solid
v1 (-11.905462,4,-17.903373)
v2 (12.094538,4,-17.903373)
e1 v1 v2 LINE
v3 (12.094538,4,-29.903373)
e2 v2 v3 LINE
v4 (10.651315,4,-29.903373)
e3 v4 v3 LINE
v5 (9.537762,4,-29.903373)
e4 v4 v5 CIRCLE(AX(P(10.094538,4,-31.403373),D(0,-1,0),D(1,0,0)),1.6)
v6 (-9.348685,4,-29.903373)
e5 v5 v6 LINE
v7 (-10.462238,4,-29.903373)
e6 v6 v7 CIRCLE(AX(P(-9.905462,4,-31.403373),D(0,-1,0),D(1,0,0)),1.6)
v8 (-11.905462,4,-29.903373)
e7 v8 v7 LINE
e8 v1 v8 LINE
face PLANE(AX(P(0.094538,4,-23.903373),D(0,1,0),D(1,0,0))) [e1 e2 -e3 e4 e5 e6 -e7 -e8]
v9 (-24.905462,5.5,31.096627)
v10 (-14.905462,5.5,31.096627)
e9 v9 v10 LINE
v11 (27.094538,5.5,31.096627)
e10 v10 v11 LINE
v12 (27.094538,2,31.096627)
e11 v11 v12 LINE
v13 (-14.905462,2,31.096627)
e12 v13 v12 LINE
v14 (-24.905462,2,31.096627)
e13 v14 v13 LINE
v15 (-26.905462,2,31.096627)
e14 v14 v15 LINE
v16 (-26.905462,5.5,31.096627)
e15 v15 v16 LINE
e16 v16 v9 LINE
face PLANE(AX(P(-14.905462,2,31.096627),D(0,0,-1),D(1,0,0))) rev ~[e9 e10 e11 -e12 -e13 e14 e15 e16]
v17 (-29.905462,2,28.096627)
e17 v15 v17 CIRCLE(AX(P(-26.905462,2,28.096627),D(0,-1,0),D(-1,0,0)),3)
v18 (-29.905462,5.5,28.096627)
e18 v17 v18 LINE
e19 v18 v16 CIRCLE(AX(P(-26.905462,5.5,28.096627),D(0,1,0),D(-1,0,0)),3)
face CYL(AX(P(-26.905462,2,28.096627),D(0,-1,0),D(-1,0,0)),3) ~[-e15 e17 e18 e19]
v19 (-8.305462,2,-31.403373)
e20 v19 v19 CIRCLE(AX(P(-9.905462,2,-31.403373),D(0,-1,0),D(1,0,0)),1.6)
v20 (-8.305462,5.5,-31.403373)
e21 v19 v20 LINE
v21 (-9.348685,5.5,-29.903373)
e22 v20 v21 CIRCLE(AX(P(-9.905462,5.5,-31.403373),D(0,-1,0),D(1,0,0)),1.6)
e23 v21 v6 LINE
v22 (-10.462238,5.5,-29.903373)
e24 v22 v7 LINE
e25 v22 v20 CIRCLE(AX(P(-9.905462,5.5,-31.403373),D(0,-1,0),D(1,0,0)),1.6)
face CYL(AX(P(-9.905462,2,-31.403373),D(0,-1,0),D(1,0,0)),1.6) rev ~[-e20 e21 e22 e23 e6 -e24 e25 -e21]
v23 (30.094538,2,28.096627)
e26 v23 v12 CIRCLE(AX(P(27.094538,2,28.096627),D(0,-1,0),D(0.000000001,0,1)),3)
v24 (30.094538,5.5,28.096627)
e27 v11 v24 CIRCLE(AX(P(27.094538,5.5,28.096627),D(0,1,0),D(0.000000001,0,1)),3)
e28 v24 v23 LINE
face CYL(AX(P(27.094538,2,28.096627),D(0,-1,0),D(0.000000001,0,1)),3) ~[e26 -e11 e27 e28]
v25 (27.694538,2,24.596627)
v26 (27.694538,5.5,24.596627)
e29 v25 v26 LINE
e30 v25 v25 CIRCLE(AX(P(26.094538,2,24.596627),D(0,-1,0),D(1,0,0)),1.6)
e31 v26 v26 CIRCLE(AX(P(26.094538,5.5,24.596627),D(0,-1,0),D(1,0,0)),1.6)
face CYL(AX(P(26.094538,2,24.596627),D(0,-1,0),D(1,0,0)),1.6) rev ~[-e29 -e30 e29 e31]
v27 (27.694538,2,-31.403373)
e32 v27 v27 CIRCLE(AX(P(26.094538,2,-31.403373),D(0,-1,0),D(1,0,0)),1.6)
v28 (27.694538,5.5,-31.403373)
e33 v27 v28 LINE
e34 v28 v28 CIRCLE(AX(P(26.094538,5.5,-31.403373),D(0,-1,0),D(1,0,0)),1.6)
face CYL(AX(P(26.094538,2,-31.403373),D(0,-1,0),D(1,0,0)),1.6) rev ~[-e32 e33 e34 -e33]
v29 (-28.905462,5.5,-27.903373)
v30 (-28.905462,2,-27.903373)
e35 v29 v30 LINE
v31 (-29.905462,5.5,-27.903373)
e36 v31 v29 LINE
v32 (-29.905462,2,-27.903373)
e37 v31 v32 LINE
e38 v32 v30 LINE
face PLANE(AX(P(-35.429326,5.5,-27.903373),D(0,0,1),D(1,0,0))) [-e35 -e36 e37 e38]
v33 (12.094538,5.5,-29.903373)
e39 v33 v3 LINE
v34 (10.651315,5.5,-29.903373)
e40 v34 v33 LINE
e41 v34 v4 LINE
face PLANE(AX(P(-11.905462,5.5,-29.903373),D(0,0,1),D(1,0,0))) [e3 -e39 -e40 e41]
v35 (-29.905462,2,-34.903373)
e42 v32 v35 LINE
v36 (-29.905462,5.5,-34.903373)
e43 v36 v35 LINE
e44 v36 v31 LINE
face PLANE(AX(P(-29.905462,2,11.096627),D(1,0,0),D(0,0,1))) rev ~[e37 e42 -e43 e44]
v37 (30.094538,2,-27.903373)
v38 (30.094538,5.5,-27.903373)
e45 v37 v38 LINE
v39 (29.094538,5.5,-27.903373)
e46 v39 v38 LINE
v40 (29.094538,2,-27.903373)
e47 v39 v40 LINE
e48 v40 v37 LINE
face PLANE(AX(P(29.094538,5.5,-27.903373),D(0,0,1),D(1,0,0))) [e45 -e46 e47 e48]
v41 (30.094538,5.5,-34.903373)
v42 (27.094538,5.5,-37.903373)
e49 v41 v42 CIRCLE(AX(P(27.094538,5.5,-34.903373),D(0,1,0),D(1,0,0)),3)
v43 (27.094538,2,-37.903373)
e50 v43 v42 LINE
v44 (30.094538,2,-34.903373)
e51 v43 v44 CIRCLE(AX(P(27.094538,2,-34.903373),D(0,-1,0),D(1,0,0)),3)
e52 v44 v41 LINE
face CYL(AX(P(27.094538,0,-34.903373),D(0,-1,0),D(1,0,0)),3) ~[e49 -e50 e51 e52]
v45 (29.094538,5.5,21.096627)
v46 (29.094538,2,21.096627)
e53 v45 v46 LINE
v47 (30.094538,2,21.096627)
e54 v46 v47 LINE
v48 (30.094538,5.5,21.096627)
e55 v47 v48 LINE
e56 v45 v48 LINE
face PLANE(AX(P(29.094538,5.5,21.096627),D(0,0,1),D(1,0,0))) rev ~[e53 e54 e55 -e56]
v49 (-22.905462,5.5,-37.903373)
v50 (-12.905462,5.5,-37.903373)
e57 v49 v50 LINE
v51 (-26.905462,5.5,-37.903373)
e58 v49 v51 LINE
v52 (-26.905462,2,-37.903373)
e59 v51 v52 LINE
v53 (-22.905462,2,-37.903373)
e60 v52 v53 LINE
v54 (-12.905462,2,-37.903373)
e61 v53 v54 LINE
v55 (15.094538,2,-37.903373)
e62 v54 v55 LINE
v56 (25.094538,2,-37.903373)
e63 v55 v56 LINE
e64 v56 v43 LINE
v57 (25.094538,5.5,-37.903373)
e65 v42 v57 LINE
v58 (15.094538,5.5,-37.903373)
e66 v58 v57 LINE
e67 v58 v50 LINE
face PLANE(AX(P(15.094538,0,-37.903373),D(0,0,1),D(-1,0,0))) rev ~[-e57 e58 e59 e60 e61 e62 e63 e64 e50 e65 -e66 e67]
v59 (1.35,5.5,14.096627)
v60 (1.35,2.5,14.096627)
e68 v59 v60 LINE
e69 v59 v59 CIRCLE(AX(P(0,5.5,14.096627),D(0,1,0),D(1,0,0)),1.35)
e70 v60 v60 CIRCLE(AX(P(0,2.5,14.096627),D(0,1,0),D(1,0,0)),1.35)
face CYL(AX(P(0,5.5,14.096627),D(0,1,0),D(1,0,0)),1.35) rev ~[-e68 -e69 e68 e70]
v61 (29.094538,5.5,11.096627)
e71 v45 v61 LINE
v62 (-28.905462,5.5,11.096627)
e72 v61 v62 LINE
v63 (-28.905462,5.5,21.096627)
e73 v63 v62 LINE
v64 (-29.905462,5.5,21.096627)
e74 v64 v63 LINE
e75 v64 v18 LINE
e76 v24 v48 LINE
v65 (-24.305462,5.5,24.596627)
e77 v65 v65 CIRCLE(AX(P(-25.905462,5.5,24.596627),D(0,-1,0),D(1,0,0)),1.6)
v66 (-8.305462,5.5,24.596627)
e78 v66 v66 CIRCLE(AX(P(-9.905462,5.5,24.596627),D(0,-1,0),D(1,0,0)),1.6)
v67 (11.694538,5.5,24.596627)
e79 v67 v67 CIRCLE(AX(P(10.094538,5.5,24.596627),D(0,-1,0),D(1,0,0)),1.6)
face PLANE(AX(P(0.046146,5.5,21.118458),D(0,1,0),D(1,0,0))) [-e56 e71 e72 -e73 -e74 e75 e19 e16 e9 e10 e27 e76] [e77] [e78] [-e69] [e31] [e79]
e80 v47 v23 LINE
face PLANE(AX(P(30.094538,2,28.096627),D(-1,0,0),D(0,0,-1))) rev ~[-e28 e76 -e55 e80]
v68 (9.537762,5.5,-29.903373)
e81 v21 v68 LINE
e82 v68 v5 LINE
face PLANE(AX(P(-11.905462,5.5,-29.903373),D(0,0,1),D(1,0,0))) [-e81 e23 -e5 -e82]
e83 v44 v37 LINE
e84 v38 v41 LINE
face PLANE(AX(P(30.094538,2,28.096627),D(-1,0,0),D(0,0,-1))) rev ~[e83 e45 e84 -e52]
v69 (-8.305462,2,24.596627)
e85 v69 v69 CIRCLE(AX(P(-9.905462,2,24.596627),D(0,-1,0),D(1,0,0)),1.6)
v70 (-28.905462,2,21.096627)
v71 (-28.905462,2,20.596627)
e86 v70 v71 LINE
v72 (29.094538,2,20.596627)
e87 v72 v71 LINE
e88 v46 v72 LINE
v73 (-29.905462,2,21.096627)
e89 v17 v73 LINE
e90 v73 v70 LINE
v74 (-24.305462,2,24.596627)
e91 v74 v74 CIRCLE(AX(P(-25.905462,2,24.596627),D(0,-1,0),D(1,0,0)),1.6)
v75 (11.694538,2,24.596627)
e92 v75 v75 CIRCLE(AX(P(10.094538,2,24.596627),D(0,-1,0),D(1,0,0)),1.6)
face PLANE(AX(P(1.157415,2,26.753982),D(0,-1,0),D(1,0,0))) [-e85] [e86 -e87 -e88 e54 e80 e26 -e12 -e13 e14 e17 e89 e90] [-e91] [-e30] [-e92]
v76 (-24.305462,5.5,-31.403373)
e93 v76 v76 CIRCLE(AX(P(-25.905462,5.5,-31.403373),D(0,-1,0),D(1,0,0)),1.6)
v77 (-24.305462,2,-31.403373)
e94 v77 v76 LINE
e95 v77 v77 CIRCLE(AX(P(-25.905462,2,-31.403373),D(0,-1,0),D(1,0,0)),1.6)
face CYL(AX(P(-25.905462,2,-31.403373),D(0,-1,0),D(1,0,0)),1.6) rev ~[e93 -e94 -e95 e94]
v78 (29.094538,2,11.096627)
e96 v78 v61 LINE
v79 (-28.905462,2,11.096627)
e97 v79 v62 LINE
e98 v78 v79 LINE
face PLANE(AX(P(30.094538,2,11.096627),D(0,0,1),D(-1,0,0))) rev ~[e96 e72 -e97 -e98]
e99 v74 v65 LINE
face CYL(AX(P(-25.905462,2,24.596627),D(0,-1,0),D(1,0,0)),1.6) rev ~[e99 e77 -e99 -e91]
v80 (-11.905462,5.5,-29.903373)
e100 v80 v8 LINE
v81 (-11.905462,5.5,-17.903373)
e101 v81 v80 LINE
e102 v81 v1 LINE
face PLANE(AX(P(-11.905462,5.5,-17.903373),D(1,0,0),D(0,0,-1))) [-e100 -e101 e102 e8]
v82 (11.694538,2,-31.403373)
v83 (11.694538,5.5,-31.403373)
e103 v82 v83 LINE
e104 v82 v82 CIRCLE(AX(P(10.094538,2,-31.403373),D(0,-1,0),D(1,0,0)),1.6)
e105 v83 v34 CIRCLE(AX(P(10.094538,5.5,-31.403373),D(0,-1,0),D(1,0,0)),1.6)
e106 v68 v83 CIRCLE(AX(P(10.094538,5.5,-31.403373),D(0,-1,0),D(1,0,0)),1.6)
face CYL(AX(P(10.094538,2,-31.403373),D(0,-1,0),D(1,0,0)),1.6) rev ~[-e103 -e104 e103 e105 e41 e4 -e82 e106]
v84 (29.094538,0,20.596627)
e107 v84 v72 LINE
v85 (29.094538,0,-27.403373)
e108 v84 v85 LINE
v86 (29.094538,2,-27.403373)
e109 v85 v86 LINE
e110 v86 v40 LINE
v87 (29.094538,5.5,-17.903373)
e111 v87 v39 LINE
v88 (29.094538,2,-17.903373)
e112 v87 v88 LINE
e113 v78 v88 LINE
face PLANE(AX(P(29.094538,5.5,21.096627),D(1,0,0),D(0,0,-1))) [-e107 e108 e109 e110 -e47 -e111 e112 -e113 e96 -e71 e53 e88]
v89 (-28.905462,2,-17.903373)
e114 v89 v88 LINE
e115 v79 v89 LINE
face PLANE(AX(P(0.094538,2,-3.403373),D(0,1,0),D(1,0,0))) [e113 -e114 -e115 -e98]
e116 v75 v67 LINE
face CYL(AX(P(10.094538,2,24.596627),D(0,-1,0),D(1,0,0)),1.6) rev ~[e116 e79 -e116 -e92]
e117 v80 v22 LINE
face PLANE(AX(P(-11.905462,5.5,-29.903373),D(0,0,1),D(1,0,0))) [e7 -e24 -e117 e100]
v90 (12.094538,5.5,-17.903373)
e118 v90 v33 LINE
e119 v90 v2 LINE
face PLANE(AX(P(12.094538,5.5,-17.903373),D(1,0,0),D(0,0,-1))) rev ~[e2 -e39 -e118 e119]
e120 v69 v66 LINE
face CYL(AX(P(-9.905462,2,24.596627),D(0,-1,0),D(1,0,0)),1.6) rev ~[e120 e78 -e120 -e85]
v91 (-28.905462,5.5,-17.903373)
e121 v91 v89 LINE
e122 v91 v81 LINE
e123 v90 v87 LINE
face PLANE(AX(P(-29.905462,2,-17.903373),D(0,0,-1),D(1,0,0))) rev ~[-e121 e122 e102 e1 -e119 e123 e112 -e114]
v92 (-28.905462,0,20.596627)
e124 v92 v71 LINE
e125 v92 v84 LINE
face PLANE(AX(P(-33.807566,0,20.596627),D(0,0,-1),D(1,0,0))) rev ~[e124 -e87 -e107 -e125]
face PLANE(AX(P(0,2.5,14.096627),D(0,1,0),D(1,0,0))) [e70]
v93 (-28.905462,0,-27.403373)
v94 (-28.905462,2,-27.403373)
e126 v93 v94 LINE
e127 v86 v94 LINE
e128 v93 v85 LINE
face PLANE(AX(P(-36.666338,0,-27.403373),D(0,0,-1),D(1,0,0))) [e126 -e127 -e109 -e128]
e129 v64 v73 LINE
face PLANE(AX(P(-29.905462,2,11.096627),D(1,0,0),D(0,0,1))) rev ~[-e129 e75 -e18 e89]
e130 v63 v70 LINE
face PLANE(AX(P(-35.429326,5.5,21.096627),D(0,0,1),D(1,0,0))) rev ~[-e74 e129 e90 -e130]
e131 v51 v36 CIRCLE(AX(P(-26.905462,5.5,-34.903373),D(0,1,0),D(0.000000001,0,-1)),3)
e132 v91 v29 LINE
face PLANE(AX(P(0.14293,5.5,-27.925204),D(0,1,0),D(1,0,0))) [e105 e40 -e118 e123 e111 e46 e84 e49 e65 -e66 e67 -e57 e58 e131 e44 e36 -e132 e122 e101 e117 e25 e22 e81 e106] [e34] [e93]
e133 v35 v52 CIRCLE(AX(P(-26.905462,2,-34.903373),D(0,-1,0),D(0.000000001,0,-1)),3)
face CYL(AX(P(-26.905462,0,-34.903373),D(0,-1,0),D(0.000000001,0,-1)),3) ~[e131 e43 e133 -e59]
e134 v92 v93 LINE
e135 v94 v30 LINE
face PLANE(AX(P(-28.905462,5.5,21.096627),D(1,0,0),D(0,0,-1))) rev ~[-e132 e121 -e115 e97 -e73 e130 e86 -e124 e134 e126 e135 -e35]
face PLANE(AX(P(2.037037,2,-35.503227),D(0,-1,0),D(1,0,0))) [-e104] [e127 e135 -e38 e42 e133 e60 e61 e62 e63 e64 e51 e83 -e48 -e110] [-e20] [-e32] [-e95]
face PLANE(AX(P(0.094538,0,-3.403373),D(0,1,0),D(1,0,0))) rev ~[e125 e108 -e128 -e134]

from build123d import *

# Parameters (mm, degrees)
SKETCH1_W           = 60
SKETCH1_H           = 48
BOSS_EXTRUDE1_DEPTH = 2
BOSS_EXTRUDE2_DEPTH = 3.5
SKETCH3_W           = 6.52386431
SKETCH3_H           = 49
SKETCH3_W_2         = 6.523864309
CUT_EXTRUDE2_DEPTH  = 15
SKETCH4_W           = 24
SKETCH4_H           = 12
CUT_EXTRUDE3_DEPTH  = 1.5
SKETCH5_R           = 1.35
CUT_EXTRUDE4_DEPTH  = 3
SKETCH6_R           = 1.35
CUT_EXTRUDE5_DEPTH  = 3
SKETCH7_W           = 69.929961246
SKETCH7_H           = 12.314710156
SKETCH7_W_2         = 77.406749556
SKETCH7_H_2         = 16.199708004
CUT_EXTRUDE6_DEPTH  = 2
SKETCH8_R           = 1.6
CUT_EXTRUDE7_DEPTH  = 18
SKETCH9_W           = 6.597166155
SKETCH9_H           = 6.303958771
SKETCH9_W_2         = 5.93744954
SKETCH9_H_2         = 5.497638462
SKETCH9_W_3         = 7.769995694
SKETCH9_W_4         = 5.131129232
SKETCH9_H_3         = 5.204431078
SKETCH9_W_5         = 5.497638463
SKETCH9_H_4         = 5.0930957
SKETCH9_W_6         = 4.691318155
BOSS_EXTRUDE3_DEPTH = 3.5
SKETCH10_W          = 13.673673514
SKETCH10_H          = 2.686711401
SKETCH10_W_2        = 10.911645047
SKETCH10_H_2        = 3.141048784
SKETCH10_W_3        = 10.921694408
SKETCH10_H_3        = 3.054325349
SKETCH10_W_4        = 12
BOSS_EXTRUDE4_DEPTH = 3.5


with BuildPart() as part:
    # Sketch1 → Boss-Extrude1 (new body)
    with BuildSketch(Plane(origin=(0, 0, 0), x_dir=(1, 0, 0), z_dir=(0, 1, 0))):
        with Locations((0.094538135, 3.403372847)):
            Rectangle(SKETCH1_W, SKETCH1_H)
        with BuildLine():
            Line((-29.905461865, -20.596627153), (-29.905461865, -28.096627153))
            ThreePointArc((-29.905461865, -28.096627153), (-29.026782209, -30.217947496), (-26.905461865, -31.096627153))
            Line((-26.905461865, -31.096627153), (-24.905461865, -31.096627153))
            Line((-24.905461865, -31.096627153), (-24.905461865, -29.096627153))
            Line((-24.905461865, -29.096627153), (-14.905461865, -29.096627153))
            Line((-14.905461865, -29.096627153), (-14.905461865, -31.096627153))
            Line((-14.905461865, -31.096627153), (13.094538135, -31.096627153))
            Line((13.094538135, -31.096627153), (13.094538135, -29.096627153))
            Line((13.094538135, -29.096627153), (23.094538135, -29.096627153))
            Line((23.094538135, -29.096627153), (23.094538135, -31.096627153))
            Line((23.094538135, -31.096627153), (27.094538135, -31.096627153))
            ThreePointArc((27.094538135, -31.096627153), (29.215858478, -30.217947496), (30.094538135, -28.096627153))
            Line((30.094538135, -28.096627153), (30.094538135, -20.596627153))
            Line((30.094538135, -20.596627153), (-29.905461865, -20.596627153))
        make_face()
        with BuildLine():
            Line((30.094538135, 27.403372847), (30.094538135, 34.903372847))
            ThreePointArc((30.094538135, 34.903372847), (29.215858478, 37.024693191), (27.094538135, 37.903372847))
            Line((27.094538135, 37.903372847), (25.094538135, 37.903372847))
            Line((25.094538135, 37.903372847), (25.094538135, 35.903372847))
            Line((25.094538135, 35.903372847), (15.094538135, 35.903372847))
            Line((15.094538135, 35.903372847), (15.094538135, 37.903372847))
            Line((15.094538135, 37.903372847), (-12.905461865, 37.903372847))
            Line((-12.905461865, 37.903372847), (-12.905461865, 35.903372847))
            Line((-12.905461865, 35.903372847), (-22.905461865, 35.903372847))
            Line((-22.905461865, 35.903372847), (-22.905461865, 37.903372847))
            Line((-22.905461865, 37.903372847), (-26.905461865, 37.903372847))
            ThreePointArc((-26.905461865, 37.903372847), (-29.026782209, 37.024693191), (-29.905461865, 34.903372847))
            Line((-29.905461865, 34.903372847), (-29.905461865, 27.403372847))
            Line((-29.905461865, 27.403372847), (30.094538135, 27.403372847))
        make_face()
    extrude(amount=BOSS_EXTRUDE1_DEPTH)

    # Sketch2 → Boss-Extrude2 (add)
    with BuildSketch(Plane(origin=(0, 2, 0), x_dir=(1, 0, 0), z_dir=(0, 1, 0))):
        with BuildLine():
            Line((30.094538135, -11.096627153), (-29.905461865, -11.096627153))
            Line((-29.905461865, -11.096627153), (-29.905461865, -28.096627153))
            ThreePointArc((-29.905461865, -28.096627153), (-29.026782209, -30.217947496), (-26.905461865, -31.096627153))
            Line((-26.905461865, -31.096627153), (-24.905461865, -31.096627153))
            Line((-24.905461865, -31.096627153), (-24.905461865, -29.096627153))
            Line((-24.905461865, -29.096627153), (-14.905461865, -29.096627153))
            Line((-14.905461865, -29.096627153), (-14.905461865, -31.096627153))
            Line((-14.905461865, -31.096627153), (13.094538135, -31.096627153))
            Line((13.094538135, -31.096627153), (13.094538135, -29.096627153))
            Line((13.094538135, -29.096627153), (23.094538135, -29.096627153))
            Line((23.094538135, -29.096627153), (23.094538135, -31.096627153))
            Line((23.094538135, -31.096627153), (27.094538135, -31.096627153))
            ThreePointArc((27.094538135, -31.096627153), (29.215858478, -30.217947496), (30.094538135, -28.096627153))
            Line((30.094538135, -28.096627153), (30.094538135, -11.096627153))
        make_face()
        with BuildLine():
            Line((-29.905461865, 34.903372847), (-29.905461865, 17.903372847))
            Line((-29.905461865, 17.903372847), (30.094538135, 17.903372847))
            Line((30.094538135, 17.903372847), (30.094538135, 34.903372847))
            ThreePointArc((30.094538135, 34.903372847), (29.215858478, 37.024693191), (27.094538135, 37.903372847))
            Line((27.094538135, 37.903372847), (25.094538135, 37.903372847))
            Line((25.094538135, 37.903372847), (25.094538135, 35.903372847))
            Line((25.094538135, 35.903372847), (15.094538135, 35.903372847))
            Line((15.094538135, 35.903372847), (15.094538135, 37.903372847))
            Line((15.094538135, 37.903372847), (-12.905461865, 37.903372847))
            Line((-12.905461865, 37.903372847), (-12.905461865, 35.903372847))
            Line((-12.905461865, 35.903372847), (-22.905461865, 35.903372847))
            Line((-22.905461865, 35.903372847), (-22.905461865, 37.903372847))
            Line((-22.905461865, 37.903372847), (-26.905461865, 37.903372847))
            ThreePointArc((-26.905461865, 37.903372847), (-29.026782209, 37.024693191), (-29.905461865, 34.903372847))
        make_face()
    extrude(amount=BOSS_EXTRUDE2_DEPTH)

    # Sketch3 → Cut-Extrude2 (cut)
    with BuildSketch(Plane(origin=(0, 5.5, 0), x_dir=(1, 0, 0), z_dir=(0, 1, 0))):
        with Locations((-32.16739402, 3.403372847)):
            Rectangle(SKETCH3_W, SKETCH3_H)
        with Locations((32.35647029, 3.403372847)):
            Rectangle(SKETCH3_W_2, SKETCH3_H)
    extrude(amount=-CUT_EXTRUDE2_DEPTH, mode=Mode.SUBTRACT)

    # Sketch4 → Cut-Extrude3 (cut)
    with BuildSketch(Plane(origin=(0, 5.5, 0), x_dir=(1, 0, 0), z_dir=(0, 1, 0))):
        with Locations((0.094538135, 23.903372847)):
            Rectangle(SKETCH4_W, SKETCH4_H)
    extrude(amount=-CUT_EXTRUDE3_DEPTH, mode=Mode.SUBTRACT)

    # Sketch5 → Cut-Extrude4 (cut)
    with BuildSketch(Plane(origin=(0, 5.5, 0), x_dir=(1, 0, 0), z_dir=(0, 1, 0))):
        with Locations((0, -14.096627153)):
            Circle(SKETCH5_R)
    extrude(amount=-CUT_EXTRUDE4_DEPTH, mode=Mode.SUBTRACT)

    # Sketch6 → Cut-Extrude5 (cut)
    with BuildSketch(Plane(origin=(0, 5.5, 0), x_dir=(1, 0, 0), z_dir=(0, 1, 0))):
        with Locations((20.770286942, 25.903372847)):
            Circle(SKETCH6_R)
        with Locations((0, 31.903372847)):
            Circle(SKETCH6_R)
        with Locations((-20.187989902, 25.903372847)):
            Circle(SKETCH6_R)
        with Locations((-20.187989902, -19.096627153)):
            Circle(SKETCH6_R)
        with Locations((0, -25.096627153)):
            Circle(SKETCH6_R)
        with Locations((20.770286942, -19.096627153)):
            Circle(SKETCH6_R)
    extrude(amount=-CUT_EXTRUDE5_DEPTH, mode=Mode.SUBTRACT)

    # Sketch7 → Cut-Extrude6 (cut)
    with BuildSketch(Plane.XZ):
        with Locations((1.157414904, 26.753982231)):
            Rectangle(SKETCH7_W, SKETCH7_H)
        with Locations((2.037037058, -35.503226849)):
            Rectangle(SKETCH7_W_2, SKETCH7_H_2)
    extrude(amount=-CUT_EXTRUDE6_DEPTH, mode=Mode.SUBTRACT)

    # Sketch8 → Cut-Extrude7 (cut)
    with BuildSketch(Plane.XZ.offset(-2)):
        with Locations((-25.905461865, -31.403372847)):
            Circle(SKETCH8_R)
        with Locations((-9.905461865, -31.403372847)):
            Circle(SKETCH8_R)
        with Locations((10.094538135, -31.403372847)):
            Circle(SKETCH8_R)
        with Locations((26.094538135, -31.403372847)):
            Circle(SKETCH8_R)
        with Locations((26.094538135, 24.596627153)):
            Circle(SKETCH8_R)
        with Locations((10.094538135, 24.596627153)):
            Circle(SKETCH8_R)
        with Locations((-9.905461865, 24.596627153)):
            Circle(SKETCH8_R)
        with Locations((-25.905461865, 24.596627153)):
            Circle(SKETCH8_R)
    extrude(amount=-CUT_EXTRUDE7_DEPTH, mode=Mode.SUBTRACT)

    # Sketch9 → Boss-Extrude3 (add)
    with BuildSketch(Plane(origin=(0, 5.5, 0), x_dir=(1, 0, 0), z_dir=(0, 1, 0))):
        with Locations((-0.455225712, -25.037743467)):
            Rectangle(SKETCH9_W, SKETCH9_H)
        with Locations((20.399149524, -19.13694485)):
            Rectangle(SKETCH9_W_2, SKETCH9_H_2)
        with Locations((-21.272950024, -19.13694485)):
            Rectangle(SKETCH9_W_3, SKETCH9_H_2)
        with Locations((-20.759837101, 26.236897929)):
            Rectangle(SKETCH9_W_4, SKETCH9_H_3)
        with Locations((0.094538135, 32.449920697)):
            Rectangle(SKETCH9_W_5, SKETCH9_H_4)
        with Locations((20.362498601, 26.236897929)):
            Rectangle(SKETCH9_W_6, SKETCH9_H_3)
    extrude(amount=-BOSS_EXTRUDE3_DEPTH)

    # Sketch10 → Boss-Extrude4 (add)
    with BuildSketch(Plane.XZ.offset(-2)):
        with Locations((-18.068625108, 29.753271453)):
            Rectangle(SKETCH10_W, SKETCH10_H)
        with Locations((18.550360659, 29.526102761)):
            Rectangle(SKETCH10_W_2, SKETCH10_H_2)
        with Locations((-18.366309069, -36.376210173)):
            Rectangle(SKETCH10_W_3, SKETCH10_H_3)
        with Locations((19.094538135, -36.376210173)):
            Rectangle(SKETCH10_W_4, SKETCH10_H_3)
    extrude(amount=-BOSS_EXTRUDE4_DEPTH)


solid = part.part
